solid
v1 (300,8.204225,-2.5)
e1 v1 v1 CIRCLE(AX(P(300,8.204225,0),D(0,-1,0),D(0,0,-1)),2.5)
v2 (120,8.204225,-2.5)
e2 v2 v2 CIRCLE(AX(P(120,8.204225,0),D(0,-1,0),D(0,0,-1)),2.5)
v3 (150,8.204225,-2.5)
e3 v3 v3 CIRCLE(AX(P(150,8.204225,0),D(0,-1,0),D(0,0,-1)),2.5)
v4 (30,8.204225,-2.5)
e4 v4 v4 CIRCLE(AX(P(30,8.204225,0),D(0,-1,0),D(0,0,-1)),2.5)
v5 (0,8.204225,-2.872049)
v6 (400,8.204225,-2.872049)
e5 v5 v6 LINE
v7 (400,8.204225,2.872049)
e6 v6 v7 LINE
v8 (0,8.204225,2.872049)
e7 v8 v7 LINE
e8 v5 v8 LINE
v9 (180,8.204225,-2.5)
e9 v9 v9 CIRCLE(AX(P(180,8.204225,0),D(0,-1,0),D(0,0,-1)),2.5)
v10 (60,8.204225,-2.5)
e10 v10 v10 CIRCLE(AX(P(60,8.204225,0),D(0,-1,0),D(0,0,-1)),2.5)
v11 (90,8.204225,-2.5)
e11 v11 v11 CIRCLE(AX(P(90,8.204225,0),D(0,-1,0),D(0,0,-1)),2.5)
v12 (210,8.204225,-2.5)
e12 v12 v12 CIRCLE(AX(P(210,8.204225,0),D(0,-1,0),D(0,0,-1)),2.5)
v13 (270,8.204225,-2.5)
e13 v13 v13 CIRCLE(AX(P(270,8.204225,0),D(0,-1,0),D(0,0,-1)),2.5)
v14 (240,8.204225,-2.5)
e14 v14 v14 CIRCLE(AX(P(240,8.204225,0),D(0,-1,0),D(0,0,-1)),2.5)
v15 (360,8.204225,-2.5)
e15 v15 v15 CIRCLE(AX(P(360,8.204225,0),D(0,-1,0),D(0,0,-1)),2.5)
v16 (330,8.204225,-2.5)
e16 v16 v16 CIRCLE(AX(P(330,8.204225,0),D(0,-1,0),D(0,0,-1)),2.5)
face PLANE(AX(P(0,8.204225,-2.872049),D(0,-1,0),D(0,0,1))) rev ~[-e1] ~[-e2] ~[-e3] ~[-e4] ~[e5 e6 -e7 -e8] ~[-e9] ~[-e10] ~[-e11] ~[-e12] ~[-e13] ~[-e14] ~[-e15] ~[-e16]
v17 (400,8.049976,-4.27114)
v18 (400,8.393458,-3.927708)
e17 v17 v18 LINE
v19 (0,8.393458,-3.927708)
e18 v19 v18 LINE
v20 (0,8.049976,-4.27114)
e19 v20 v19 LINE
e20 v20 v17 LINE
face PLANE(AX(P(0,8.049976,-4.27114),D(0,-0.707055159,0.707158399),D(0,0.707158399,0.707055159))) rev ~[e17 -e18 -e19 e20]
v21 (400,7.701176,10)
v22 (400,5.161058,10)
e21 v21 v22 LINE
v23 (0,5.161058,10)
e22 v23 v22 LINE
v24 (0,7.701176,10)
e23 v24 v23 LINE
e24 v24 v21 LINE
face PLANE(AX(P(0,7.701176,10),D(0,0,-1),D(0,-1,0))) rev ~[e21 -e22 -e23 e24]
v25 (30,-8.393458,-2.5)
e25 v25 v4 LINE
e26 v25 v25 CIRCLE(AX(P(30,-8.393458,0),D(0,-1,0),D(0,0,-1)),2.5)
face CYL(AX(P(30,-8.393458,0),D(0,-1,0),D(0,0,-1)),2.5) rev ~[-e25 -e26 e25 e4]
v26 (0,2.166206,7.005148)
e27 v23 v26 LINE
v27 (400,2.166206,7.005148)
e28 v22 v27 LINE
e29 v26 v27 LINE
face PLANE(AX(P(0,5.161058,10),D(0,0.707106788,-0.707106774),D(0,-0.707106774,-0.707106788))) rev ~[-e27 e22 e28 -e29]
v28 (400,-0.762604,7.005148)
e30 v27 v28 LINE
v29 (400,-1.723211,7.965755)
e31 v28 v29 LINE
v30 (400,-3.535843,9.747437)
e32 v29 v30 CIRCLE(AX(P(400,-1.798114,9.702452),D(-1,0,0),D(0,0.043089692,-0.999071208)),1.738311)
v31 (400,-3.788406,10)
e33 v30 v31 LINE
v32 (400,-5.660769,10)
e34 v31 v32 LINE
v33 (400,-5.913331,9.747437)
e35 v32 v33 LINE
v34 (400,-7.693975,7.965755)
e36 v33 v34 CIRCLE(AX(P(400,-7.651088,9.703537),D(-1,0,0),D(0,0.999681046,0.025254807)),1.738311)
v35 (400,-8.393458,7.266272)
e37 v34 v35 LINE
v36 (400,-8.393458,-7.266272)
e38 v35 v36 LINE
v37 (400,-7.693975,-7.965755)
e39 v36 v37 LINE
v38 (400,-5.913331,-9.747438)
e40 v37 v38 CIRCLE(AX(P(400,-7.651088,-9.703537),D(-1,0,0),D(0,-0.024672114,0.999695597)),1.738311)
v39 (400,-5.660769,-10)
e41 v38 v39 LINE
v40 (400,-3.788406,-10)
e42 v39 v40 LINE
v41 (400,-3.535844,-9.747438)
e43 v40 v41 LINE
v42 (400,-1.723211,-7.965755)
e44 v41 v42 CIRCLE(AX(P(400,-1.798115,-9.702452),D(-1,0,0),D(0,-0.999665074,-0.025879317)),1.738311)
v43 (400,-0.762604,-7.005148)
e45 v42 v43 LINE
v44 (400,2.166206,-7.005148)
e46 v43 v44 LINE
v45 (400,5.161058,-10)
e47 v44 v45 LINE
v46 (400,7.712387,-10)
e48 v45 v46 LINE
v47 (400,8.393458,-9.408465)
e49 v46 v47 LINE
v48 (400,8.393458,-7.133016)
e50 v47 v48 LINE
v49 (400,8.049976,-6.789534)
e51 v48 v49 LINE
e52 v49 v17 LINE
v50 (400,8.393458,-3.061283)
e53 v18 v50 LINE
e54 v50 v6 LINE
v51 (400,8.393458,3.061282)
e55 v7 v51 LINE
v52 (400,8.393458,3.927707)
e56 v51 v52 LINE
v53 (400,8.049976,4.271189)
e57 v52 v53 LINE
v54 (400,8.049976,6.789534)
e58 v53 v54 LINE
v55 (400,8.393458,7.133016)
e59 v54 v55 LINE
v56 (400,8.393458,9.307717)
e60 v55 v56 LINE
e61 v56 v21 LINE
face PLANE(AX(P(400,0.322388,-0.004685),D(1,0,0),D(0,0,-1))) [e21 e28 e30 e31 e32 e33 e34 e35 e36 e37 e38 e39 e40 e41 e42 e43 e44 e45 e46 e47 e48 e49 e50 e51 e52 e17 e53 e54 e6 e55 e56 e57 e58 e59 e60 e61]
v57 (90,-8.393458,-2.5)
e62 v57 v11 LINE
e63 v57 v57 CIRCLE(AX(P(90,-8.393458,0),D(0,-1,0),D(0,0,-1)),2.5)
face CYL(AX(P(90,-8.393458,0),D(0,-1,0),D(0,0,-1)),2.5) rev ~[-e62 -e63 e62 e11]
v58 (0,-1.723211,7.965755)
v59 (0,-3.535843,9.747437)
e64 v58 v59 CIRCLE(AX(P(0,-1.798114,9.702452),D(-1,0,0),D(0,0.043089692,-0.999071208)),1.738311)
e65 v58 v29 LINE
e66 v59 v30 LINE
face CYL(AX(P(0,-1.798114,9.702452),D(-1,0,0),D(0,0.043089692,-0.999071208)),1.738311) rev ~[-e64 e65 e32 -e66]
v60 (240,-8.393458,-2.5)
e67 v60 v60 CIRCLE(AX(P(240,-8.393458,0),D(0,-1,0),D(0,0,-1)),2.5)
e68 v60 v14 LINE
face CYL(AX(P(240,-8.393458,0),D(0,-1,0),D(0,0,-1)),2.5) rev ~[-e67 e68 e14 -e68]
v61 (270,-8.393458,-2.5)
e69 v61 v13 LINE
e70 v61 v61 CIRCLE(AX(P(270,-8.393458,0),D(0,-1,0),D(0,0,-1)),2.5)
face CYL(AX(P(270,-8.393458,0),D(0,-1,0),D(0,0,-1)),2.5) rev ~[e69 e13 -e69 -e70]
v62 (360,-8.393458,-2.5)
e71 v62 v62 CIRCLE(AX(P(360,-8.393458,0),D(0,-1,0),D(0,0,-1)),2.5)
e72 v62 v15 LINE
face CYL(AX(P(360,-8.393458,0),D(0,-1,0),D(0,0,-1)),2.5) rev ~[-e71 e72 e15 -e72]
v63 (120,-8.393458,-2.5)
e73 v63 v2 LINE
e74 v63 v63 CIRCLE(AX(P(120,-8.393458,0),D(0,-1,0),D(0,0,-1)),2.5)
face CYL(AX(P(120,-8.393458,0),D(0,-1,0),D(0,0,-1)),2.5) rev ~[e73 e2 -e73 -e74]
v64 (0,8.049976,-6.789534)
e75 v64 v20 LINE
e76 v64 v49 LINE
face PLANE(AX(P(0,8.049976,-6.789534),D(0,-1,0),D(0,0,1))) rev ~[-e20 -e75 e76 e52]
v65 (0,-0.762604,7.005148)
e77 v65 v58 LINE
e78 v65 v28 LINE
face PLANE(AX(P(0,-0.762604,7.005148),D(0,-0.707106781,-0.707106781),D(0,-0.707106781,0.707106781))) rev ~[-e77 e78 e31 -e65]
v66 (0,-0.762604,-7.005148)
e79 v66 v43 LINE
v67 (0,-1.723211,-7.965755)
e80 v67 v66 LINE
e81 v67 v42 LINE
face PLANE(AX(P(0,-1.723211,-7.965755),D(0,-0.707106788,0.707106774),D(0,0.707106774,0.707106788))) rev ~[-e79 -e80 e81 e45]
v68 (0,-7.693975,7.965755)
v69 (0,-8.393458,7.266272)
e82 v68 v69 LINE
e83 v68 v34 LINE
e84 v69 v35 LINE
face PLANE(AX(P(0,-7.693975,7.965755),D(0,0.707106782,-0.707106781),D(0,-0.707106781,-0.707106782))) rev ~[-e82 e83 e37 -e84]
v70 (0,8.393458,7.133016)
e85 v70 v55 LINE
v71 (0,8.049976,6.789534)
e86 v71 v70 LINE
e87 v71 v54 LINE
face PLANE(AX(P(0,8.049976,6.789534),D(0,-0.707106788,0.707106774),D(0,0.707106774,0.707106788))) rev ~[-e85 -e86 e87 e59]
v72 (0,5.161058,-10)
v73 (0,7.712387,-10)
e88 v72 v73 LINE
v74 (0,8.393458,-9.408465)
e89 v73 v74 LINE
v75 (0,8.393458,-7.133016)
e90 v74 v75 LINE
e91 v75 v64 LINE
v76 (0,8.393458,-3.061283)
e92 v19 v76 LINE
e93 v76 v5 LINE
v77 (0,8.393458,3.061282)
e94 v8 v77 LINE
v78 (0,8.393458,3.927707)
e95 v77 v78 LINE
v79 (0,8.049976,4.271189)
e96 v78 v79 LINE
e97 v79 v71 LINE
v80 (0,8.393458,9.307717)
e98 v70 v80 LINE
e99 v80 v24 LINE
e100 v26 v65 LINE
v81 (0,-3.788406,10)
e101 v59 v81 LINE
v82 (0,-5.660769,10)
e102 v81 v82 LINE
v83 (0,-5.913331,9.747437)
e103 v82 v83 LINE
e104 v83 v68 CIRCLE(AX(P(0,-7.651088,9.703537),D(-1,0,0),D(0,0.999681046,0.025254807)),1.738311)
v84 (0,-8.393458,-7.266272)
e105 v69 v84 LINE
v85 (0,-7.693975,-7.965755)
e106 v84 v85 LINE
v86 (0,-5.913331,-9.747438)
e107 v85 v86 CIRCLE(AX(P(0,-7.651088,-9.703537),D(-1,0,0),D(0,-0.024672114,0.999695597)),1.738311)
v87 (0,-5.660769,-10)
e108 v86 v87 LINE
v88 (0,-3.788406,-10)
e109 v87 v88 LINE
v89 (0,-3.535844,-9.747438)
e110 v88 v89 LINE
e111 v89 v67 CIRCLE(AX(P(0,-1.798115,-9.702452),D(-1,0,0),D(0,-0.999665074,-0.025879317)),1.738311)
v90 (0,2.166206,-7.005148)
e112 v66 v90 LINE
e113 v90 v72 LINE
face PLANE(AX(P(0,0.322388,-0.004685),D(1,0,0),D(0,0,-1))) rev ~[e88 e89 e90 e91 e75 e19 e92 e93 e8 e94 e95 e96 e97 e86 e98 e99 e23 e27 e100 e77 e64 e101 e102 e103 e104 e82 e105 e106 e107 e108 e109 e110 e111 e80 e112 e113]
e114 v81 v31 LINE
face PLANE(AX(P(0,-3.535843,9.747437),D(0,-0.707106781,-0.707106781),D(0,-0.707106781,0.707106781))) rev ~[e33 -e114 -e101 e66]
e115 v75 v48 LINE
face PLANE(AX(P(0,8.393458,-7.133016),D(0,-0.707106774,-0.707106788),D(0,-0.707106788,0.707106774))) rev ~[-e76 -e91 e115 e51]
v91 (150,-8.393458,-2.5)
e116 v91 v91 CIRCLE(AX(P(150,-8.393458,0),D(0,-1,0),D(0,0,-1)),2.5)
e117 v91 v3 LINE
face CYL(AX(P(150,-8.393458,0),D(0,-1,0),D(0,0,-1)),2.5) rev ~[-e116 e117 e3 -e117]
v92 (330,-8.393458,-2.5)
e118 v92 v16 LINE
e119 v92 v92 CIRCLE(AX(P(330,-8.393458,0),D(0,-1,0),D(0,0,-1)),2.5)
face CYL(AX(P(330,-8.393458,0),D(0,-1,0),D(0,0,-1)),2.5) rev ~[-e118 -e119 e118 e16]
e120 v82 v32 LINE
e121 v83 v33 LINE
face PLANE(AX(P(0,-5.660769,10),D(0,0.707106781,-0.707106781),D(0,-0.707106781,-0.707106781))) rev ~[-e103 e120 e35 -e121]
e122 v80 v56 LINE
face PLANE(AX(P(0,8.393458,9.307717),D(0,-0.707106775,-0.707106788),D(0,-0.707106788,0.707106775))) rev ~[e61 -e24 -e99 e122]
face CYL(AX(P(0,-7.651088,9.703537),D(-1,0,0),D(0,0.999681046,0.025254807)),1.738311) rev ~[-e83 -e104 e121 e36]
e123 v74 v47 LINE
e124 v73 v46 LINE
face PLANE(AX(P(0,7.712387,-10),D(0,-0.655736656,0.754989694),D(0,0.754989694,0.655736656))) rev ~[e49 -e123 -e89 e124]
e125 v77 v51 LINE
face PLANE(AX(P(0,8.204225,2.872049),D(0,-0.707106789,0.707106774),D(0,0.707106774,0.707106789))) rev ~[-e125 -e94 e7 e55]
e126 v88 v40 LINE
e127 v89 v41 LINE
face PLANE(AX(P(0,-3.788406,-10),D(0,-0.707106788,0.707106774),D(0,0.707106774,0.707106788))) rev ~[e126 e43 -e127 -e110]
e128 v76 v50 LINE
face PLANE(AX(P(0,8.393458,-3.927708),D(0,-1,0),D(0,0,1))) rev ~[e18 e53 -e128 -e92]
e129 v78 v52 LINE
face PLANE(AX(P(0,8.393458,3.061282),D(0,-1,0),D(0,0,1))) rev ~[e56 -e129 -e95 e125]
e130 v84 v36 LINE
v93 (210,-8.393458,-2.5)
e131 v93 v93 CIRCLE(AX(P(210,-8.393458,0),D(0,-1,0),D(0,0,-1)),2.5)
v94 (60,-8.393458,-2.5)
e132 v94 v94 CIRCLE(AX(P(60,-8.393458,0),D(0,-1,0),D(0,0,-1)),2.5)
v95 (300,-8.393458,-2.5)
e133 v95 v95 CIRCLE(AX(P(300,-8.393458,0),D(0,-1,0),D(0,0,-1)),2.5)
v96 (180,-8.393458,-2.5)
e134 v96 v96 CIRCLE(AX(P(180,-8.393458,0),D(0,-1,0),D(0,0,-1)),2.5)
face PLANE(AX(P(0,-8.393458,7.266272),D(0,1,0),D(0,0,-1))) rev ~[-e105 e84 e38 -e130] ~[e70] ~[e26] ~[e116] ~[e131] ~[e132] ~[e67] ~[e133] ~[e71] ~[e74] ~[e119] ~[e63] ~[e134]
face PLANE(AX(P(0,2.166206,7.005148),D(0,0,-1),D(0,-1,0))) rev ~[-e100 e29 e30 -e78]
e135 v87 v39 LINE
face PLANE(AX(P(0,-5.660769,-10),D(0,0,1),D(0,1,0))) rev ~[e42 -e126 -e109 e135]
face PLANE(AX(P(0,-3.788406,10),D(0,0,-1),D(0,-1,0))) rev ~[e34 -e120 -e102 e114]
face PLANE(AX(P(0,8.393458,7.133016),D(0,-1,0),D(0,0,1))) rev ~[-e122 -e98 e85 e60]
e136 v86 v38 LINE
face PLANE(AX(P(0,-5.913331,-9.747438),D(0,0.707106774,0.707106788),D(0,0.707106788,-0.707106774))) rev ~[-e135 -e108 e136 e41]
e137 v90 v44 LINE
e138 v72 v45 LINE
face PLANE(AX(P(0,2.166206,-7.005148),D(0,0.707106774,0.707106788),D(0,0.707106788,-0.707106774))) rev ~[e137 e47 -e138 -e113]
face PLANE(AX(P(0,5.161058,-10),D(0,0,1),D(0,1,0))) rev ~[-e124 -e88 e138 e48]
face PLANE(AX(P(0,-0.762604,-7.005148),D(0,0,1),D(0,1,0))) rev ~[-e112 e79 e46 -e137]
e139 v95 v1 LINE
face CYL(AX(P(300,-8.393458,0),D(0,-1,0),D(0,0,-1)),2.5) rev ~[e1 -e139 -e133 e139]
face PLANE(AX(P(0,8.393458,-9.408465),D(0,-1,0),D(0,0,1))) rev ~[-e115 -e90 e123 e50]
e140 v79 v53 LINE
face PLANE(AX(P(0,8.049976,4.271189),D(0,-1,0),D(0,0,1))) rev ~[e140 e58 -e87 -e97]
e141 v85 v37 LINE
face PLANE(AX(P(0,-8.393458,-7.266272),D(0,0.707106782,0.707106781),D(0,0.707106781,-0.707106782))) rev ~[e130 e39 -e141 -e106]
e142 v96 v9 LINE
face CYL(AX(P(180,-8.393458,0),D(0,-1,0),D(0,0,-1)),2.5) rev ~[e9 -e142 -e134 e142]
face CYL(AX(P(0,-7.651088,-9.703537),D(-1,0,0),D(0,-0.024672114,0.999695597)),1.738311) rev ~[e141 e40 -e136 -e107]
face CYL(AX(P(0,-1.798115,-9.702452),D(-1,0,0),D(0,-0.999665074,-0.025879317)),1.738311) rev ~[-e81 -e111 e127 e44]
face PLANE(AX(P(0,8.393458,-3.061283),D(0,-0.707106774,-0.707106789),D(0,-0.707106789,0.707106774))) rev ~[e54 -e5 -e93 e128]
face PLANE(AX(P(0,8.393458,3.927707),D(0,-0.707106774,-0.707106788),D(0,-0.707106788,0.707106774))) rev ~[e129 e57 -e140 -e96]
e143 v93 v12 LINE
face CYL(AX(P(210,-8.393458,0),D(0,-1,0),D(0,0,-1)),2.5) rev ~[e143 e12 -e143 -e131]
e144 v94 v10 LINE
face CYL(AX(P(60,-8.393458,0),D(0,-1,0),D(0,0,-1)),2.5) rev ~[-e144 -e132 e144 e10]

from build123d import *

# Parameters (mm, degrees)
BOSS_EXTRUDE1_DEPTH   = 400
CROQUIS1_R            = 2.5
CORTAR_EXTRUIR1_DEPTH = 401.476966357


with BuildPart() as part:
    # Sketch1 → Boss-Extrude1 (new body)
    with BuildSketch(Plane(origin=(0, 0, 0), x_dir=(0, 0, -1), z_dir=(1, 0, 0))):
        with BuildLine():
            Line((-7.965754986, -7.693975449), (-7.266272068, -8.393458366))
            Line((-7.266272068, -8.393458366), (7.266272068, -8.393458366))
            Line((7.266272068, -8.393458366), (7.965754986, -7.693975449))
            ThreePointArc((7.965754986, -7.693975449), (8.474723757, -6.421557866), (9.747437917, -5.913331162))
            Line((9.747437917, -5.913331162), (10.000000437, -5.660768637))
            Line((10.000000437, -5.660768637), (10.000000437, -3.788406023))
            Line((10.000000437, -3.788406023), (9.747437912, -3.535843503))
            ThreePointArc((9.747437912, -3.535843503), (8.462742055, -3.016656911), (7.965755402, -1.72321096))
            Line((7.965755402, -1.72321096), (7.005148341, -0.762603918))
            Line((7.005148341, -0.762603918), (7.005148341, 2.166206023))
            Line((7.005148341, 2.166206023), (10.000000347, 5.161058089))
            Line((10.000000347, 5.161058089), (10.000000347, 7.712387211))
            Line((10.000000347, 7.712387211), (9.408464779, 8.393458268))
            Line((9.408464779, 8.393458268), (7.133016457, 8.393458268))
            Line((7.133016457, 8.393458268), (6.789534443, 8.049976247))
            Line((6.789534443, 8.049976247), (4.271139656, 8.049976247))
            Line((4.271139656, 8.049976247), (3.927707784, 8.393458265))
            Line((3.927707784, 8.393458265), (3.061282509, 8.393458265))
            Line((3.061282509, 8.393458265), (2.872049327, 8.204225079))
            Line((2.872049327, 8.204225079), (-2.87204886, 8.204225079))
            Line((-2.87204886, 8.204225079), (-3.061282046, 8.393458261))
            Line((-3.061282046, 8.393458261), (-3.927707321, 8.393458261))
            Line((-3.927707321, 8.393458261), (-4.271189216, 8.049976359))
            Line((-4.271189216, 8.049976359), (-6.789534095, 8.049976359))
            Line((-6.789534095, 8.049976359), (-7.133016116, 8.393458373))
            Line((-7.133016116, 8.393458373), (-9.30771733, 8.393458373))
            Line((-9.30771733, 8.393458373), (-10, 7.70117569))
            Line((-10, 7.70117569), (-10, 5.161058187))
            Line((-10, 5.161058187), (-7.005147934, 2.166206181))
            Line((-7.005147934, 2.166206181), (-7.005147934, -0.76260376))
            Line((-7.005147934, -0.76260376), (-7.965754986, -1.723210812))
            ThreePointArc((-7.965754986, -1.723210812), (-8.462741848, -3.016656549), (-9.747437477, -3.535843372))
            Line((-9.747437477, -3.535843372), (-10, -3.788405895))
            Line((-10, -3.788405895), (-10, -5.660768509))
            Line((-10, -5.660768509), (-9.747437477, -5.913331032))
            ThreePointArc((-9.747437477, -5.913331032), (-8.474723558, -6.421557943), (-7.965754986, -7.693975449))
        make_face()
    extrude(amount=BOSS_EXTRUDE1_DEPTH)

    # Croquis1 → Cortar-Extruir1 (cut, through all)
    with BuildSketch(Plane.XZ.offset(8.393458366)):
        with Locations(Location((30, 0, 0), (0, 0, 270))):
            Circle(CROQUIS1_R)
        with Locations(Location((60, 0, 0), (0, 0, 270))):
            Circle(CROQUIS1_R)
        with Locations(Location((90, 0, 0), (0, 0, 270))):
            Circle(CROQUIS1_R)
        with Locations(Location((120, 0, 0), (0, 0, 270))):
            Circle(CROQUIS1_R)
        with Locations(Location((150, 0, 0), (0, 0, 270))):
            Circle(CROQUIS1_R)
        with Locations(Location((180, 0, 0), (0, 0, 270))):
            Circle(CROQUIS1_R)
        with Locations(Location((210, 0, 0), (0, 0, 270))):
            Circle(CROQUIS1_R)
        with Locations(Location((240, 0, 0), (0, 0, 270))):
            Circle(CROQUIS1_R)
        with Locations(Location((270, 0, 0), (0, 0, 270))):
            Circle(CROQUIS1_R)
        with Locations(Location((300, 0, 0), (0, 0, 270))):
            Circle(CROQUIS1_R)
        with Locations(Location((330, 0, 0), (0, 0, 270))):
            Circle(CROQUIS1_R)
        with Locations(Location((360, 0, 0), (0, 0, 270))):
            Circle(CROQUIS1_R)
    extrude(amount=-CORTAR_EXTRUIR1_DEPTH, mode=Mode.SUBTRACT)


solid = part.part
